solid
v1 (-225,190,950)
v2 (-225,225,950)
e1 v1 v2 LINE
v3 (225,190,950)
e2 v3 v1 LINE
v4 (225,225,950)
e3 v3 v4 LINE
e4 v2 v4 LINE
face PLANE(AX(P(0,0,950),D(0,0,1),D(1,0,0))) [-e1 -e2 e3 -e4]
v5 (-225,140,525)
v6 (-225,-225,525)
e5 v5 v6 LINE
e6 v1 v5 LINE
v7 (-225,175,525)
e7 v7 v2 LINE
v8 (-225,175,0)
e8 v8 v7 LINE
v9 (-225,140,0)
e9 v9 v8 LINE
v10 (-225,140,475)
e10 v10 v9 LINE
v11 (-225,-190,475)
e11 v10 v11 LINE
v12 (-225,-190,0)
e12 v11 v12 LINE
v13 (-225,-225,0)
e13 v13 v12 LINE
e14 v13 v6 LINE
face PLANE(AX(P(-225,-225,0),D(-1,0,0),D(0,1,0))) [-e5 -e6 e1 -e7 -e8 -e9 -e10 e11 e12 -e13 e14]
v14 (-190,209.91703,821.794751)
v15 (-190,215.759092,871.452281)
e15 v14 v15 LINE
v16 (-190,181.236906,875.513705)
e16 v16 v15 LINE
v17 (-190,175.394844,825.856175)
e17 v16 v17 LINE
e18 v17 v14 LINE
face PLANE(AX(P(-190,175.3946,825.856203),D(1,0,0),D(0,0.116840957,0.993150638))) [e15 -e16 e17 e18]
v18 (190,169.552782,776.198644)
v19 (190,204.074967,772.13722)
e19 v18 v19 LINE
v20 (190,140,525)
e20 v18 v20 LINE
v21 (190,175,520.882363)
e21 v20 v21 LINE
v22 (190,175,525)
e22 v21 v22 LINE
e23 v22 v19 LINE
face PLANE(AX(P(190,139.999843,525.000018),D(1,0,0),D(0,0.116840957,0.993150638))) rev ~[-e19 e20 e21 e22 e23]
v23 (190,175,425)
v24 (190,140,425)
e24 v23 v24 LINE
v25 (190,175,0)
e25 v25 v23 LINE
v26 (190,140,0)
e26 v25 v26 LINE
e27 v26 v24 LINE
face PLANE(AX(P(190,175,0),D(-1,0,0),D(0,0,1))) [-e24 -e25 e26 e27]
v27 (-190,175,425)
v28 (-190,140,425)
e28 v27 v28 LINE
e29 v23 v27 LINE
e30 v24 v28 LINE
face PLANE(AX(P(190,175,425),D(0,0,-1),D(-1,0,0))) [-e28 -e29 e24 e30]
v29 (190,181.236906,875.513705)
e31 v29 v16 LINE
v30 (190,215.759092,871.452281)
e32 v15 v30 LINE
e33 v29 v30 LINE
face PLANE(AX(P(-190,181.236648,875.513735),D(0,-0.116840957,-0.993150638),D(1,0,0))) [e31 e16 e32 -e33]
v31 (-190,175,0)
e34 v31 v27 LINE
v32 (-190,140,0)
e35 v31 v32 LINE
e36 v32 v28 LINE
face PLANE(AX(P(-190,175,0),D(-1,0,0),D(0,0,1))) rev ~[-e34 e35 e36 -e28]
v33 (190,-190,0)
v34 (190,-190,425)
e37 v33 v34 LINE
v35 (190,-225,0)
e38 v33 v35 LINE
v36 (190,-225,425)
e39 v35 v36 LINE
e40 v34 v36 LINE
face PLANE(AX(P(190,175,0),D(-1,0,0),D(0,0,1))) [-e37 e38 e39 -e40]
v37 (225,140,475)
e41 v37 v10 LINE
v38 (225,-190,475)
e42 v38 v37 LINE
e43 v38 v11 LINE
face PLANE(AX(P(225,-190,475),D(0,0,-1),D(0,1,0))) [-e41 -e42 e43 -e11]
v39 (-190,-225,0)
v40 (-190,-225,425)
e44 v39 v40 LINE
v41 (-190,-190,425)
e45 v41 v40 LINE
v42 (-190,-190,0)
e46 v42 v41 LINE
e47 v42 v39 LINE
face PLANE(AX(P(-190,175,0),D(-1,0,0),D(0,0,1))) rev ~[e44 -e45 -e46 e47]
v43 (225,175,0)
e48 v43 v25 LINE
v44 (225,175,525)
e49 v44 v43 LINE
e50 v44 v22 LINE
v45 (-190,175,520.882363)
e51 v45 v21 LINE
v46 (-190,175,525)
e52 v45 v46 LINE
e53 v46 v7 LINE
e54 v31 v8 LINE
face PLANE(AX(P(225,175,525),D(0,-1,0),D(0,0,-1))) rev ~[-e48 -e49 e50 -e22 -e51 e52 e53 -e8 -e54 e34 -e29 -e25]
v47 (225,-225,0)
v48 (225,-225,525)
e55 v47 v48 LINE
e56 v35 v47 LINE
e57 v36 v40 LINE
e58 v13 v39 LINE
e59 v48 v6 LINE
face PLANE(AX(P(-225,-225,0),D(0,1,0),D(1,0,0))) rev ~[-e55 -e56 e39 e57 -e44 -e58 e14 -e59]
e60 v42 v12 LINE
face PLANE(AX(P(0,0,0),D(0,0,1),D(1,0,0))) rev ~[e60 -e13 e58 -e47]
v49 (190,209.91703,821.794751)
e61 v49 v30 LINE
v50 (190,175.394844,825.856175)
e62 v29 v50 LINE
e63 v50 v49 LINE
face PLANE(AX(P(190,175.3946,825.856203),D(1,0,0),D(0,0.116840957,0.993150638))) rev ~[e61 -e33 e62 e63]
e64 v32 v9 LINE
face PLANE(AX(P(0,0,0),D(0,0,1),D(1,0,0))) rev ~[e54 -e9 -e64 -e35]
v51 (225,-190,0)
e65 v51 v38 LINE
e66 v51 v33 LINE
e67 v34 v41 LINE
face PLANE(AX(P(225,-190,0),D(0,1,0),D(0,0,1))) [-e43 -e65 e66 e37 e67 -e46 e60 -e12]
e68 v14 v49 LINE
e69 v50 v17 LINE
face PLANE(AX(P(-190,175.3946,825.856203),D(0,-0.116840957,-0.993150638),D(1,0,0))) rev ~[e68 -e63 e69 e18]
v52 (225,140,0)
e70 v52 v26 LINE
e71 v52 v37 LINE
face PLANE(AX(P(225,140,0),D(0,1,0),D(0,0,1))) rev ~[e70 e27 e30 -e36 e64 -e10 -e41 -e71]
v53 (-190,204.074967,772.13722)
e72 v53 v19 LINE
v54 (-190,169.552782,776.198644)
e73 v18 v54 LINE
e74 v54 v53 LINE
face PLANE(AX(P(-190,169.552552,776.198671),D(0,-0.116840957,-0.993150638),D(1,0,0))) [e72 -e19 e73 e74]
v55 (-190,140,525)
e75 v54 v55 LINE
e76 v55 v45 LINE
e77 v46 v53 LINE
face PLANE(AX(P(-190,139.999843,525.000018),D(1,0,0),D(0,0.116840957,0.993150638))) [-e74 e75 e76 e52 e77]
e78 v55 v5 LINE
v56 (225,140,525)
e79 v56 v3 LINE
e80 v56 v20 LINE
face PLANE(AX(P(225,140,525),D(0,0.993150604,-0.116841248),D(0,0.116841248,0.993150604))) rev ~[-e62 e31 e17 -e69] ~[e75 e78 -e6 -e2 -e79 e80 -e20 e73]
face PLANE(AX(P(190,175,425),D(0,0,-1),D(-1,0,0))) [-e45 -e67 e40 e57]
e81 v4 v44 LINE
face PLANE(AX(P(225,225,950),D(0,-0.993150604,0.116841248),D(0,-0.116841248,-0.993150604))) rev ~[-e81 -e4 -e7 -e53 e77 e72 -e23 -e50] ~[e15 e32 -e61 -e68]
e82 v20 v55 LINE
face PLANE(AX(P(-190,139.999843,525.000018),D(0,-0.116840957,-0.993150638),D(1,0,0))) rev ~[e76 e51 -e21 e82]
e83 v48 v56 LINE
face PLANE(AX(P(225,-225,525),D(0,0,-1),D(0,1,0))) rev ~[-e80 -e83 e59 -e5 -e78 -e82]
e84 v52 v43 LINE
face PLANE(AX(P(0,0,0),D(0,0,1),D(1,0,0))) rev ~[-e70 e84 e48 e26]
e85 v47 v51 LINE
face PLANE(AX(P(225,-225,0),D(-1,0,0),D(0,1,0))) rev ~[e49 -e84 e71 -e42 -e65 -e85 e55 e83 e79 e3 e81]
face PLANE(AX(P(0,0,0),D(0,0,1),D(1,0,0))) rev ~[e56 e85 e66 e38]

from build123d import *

# Parameters (mm, degrees)
F0_W     = 450
F0_H     = 450
F1_DEPTH = 950
F2_W     = 50
F2_H     = 50
F2_W_2   = 330
F2_H_2   = 475
F3_DEPTH = 450.001
F4_W     = 380
F4_H     = 425
F5_DEPTH = 400.001
F6_W     = 380
F6_H     = 50
F6_H_2   = 252.931069
F7_DEPTH = 145.760456


with BuildPart() as f1:
    # F0 (on Top) → F1 (new body)
    with BuildSketch(Plane.XY):
        Rectangle(F0_W, F0_H)
    extrude(amount=F1_DEPTH)

    # F2 (on face) → F3 (cut, through all)
    with BuildSketch(Plane.YZ.offset(225)):
        with Locations((200, 500)):
            Rectangle(F2_W, F2_H)
        with Locations((-25, 237.5)):
            Rectangle(F2_W_2, F2_H_2)
        with Locations((200, 237.5)):
            Rectangle(F2_W, F2_H_2)
        Polygon((225, 950), (175, 525), (225, 525), align=None)
        Polygon((-225, 950), (-225, 525), (140, 525), (190, 950), align=None)
    extrude(amount=-F3_DEPTH, mode=Mode.SUBTRACT)

    # F4 (on face) → F5 (cut, through all)
    with BuildSketch(Plane(origin=(0, 175, 0), x_dir=(-1, 0, 0), z_dir=(0, 1, 0))):
        with Locations((0, 212.5)):
            Rectangle(F4_W, F4_H)
    extrude(amount=-F5_DEPTH, mode=Mode.SUBTRACT)

    # F6 (on face) → F7 (cut, through all)
    with BuildSketch(Plane(origin=(0, 77.167235, -9.078498), x_dir=(1, 0, 0), z_dir=(0, -0.993151, 0.116841))):
        with Locations((0, 865.692911)):
            Rectangle(F6_W, F6_H)
        with Locations((0, 664.227376)):
            Rectangle(F6_W, F6_H_2)
    extrude(amount=-F7_DEPTH, mode=Mode.SUBTRACT)


solid = f1.part
